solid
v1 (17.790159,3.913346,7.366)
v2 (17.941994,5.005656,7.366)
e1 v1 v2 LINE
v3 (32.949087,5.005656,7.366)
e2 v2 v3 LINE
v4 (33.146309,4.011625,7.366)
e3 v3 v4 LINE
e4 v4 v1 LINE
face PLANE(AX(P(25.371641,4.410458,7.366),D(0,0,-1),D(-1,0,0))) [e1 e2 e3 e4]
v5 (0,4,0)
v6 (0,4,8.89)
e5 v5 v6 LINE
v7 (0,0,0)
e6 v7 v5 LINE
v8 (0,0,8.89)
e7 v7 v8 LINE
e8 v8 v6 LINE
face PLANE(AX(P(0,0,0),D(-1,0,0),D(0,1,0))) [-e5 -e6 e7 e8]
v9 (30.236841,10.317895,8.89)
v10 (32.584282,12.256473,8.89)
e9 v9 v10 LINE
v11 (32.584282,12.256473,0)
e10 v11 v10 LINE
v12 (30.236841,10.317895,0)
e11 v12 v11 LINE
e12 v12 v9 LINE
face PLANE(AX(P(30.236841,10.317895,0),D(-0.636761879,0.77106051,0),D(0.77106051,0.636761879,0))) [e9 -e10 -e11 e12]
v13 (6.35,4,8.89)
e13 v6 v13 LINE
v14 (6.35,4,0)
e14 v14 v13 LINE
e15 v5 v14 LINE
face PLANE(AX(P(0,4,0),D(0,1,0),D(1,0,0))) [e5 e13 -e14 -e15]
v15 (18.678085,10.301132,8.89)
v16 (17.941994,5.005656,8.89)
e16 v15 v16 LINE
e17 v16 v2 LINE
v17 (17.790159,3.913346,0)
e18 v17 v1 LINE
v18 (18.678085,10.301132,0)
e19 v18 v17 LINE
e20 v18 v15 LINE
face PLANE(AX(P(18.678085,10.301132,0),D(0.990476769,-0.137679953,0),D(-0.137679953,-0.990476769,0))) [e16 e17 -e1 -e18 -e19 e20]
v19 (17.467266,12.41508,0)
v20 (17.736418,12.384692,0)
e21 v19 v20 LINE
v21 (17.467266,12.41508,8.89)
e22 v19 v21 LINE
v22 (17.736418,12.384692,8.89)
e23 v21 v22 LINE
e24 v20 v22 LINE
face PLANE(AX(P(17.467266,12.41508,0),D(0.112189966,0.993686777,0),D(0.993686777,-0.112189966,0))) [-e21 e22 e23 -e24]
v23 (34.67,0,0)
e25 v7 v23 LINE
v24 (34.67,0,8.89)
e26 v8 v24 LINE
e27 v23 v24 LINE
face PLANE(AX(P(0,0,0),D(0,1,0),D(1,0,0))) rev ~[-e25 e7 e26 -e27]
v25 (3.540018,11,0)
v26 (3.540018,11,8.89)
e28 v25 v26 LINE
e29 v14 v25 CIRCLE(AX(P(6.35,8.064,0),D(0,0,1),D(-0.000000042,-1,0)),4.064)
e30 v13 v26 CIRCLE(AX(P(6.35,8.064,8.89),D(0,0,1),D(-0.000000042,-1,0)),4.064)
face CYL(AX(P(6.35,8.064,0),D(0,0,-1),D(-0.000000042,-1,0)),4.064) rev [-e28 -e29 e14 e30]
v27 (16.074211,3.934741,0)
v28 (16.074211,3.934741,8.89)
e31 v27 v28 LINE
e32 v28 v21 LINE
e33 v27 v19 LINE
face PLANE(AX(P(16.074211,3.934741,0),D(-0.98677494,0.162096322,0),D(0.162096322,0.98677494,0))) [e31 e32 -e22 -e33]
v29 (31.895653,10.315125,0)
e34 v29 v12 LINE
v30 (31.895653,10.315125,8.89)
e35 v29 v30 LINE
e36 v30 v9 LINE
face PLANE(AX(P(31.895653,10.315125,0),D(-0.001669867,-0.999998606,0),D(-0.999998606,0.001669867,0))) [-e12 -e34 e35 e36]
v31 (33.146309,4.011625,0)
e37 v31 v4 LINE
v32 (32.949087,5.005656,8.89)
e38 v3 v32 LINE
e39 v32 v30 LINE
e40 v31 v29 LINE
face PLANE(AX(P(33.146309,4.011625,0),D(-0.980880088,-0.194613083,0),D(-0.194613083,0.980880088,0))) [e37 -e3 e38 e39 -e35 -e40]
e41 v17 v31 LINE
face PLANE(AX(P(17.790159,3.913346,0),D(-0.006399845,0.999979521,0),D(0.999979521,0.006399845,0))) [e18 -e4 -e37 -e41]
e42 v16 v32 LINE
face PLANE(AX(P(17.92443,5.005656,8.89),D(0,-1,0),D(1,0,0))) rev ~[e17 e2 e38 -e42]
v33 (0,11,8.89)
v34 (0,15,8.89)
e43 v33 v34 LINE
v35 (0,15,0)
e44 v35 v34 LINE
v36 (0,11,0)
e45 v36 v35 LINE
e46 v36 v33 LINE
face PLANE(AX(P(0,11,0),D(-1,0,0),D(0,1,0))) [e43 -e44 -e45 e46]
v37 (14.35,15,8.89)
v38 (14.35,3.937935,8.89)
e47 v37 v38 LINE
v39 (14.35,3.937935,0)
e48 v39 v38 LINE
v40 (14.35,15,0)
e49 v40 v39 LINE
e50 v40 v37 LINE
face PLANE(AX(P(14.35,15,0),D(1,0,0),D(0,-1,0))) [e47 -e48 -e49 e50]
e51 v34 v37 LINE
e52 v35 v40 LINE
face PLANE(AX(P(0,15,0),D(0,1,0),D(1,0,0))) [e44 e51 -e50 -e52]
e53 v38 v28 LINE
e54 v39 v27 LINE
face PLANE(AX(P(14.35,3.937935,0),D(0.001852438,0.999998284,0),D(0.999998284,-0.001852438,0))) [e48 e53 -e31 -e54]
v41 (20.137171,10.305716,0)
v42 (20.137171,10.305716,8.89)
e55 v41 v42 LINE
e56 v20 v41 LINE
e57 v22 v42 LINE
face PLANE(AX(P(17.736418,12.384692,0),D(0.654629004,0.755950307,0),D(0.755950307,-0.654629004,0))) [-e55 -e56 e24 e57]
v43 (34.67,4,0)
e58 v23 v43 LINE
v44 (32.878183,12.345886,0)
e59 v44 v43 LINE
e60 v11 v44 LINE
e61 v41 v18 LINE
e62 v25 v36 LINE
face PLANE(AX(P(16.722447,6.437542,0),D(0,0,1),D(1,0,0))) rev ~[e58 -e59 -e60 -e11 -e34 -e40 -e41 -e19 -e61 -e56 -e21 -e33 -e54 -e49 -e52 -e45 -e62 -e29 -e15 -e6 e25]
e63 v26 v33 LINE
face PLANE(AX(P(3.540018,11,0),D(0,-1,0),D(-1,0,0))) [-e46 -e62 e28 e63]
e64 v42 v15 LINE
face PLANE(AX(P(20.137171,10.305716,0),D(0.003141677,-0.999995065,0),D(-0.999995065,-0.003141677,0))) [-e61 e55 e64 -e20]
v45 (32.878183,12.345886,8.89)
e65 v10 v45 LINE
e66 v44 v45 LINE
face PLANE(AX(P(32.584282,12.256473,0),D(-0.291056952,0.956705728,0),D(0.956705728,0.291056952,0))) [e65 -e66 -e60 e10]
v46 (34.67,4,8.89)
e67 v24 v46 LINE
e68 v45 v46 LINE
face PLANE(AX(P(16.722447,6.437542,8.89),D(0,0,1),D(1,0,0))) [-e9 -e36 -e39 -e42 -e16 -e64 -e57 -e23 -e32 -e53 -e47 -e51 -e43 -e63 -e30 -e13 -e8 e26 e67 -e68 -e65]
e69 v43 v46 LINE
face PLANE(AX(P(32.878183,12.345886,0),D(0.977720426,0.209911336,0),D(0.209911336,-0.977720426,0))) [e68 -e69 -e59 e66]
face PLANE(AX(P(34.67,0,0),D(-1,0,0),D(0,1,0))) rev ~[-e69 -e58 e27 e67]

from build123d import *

# Parameters (mm, degrees)
PAD_DEPTH    = 8.89
PAD001_DEPTH = 1.524


with BuildPart() as part:
    # Sketch → Pad (new body)
    with BuildSketch(Plane.XY):
        with BuildLine():
            Line((0, 0), (34.67, 0))
            Line((34.67, 0), (34.67, 4))
            Line((32.878183, 12.345886), (34.67, 4))
            Line((32.584282, 12.256473), (32.878183, 12.345886))
            Line((30.236841, 10.317895), (32.584282, 12.256473))
            Line((31.895653, 10.315125), (30.236841, 10.317895))
            Line((33.146309, 4.011625), (31.895653, 10.315125))
            Line((17.790159, 3.913346), (33.146309, 4.011625))
            Line((18.678085, 10.301132), (17.790159, 3.913346))
            Line((20.137171, 10.305716), (18.678085, 10.301132))
            Line((17.736418, 12.384692), (20.137171, 10.305716))
            Line((17.467266, 12.41508), (17.736418, 12.384692))
            Line((16.074211, 3.934741), (17.467266, 12.41508))
            Line((14.35, 3.937935), (16.074211, 3.934741))
            Line((14.35, 15), (14.35, 3.937935))
            Line((0, 15), (14.35, 15))
            Line((0, 11), (0, 15))
            Line((3.540018, 11), (0, 11))
            ThreePointArc((6.35, 4), (10.121472, 9.577967), (3.540018, 11))
            Line((0, 4), (6.35, 4))
            Line((0, 0), (0, 4))
        make_face()
    extrude(amount=PAD_DEPTH)

    # Sketch001 → Pad001 (new body)
    with BuildSketch(Plane.XY.offset(8.89)):
        Polygon((16.09544, 3.889412), (17.92443, 5.005656), (33.057573, 5.005656), (34.640282, 3.938822), align=None)
    extrude(amount=-PAD001_DEPTH)


solid = part.part
